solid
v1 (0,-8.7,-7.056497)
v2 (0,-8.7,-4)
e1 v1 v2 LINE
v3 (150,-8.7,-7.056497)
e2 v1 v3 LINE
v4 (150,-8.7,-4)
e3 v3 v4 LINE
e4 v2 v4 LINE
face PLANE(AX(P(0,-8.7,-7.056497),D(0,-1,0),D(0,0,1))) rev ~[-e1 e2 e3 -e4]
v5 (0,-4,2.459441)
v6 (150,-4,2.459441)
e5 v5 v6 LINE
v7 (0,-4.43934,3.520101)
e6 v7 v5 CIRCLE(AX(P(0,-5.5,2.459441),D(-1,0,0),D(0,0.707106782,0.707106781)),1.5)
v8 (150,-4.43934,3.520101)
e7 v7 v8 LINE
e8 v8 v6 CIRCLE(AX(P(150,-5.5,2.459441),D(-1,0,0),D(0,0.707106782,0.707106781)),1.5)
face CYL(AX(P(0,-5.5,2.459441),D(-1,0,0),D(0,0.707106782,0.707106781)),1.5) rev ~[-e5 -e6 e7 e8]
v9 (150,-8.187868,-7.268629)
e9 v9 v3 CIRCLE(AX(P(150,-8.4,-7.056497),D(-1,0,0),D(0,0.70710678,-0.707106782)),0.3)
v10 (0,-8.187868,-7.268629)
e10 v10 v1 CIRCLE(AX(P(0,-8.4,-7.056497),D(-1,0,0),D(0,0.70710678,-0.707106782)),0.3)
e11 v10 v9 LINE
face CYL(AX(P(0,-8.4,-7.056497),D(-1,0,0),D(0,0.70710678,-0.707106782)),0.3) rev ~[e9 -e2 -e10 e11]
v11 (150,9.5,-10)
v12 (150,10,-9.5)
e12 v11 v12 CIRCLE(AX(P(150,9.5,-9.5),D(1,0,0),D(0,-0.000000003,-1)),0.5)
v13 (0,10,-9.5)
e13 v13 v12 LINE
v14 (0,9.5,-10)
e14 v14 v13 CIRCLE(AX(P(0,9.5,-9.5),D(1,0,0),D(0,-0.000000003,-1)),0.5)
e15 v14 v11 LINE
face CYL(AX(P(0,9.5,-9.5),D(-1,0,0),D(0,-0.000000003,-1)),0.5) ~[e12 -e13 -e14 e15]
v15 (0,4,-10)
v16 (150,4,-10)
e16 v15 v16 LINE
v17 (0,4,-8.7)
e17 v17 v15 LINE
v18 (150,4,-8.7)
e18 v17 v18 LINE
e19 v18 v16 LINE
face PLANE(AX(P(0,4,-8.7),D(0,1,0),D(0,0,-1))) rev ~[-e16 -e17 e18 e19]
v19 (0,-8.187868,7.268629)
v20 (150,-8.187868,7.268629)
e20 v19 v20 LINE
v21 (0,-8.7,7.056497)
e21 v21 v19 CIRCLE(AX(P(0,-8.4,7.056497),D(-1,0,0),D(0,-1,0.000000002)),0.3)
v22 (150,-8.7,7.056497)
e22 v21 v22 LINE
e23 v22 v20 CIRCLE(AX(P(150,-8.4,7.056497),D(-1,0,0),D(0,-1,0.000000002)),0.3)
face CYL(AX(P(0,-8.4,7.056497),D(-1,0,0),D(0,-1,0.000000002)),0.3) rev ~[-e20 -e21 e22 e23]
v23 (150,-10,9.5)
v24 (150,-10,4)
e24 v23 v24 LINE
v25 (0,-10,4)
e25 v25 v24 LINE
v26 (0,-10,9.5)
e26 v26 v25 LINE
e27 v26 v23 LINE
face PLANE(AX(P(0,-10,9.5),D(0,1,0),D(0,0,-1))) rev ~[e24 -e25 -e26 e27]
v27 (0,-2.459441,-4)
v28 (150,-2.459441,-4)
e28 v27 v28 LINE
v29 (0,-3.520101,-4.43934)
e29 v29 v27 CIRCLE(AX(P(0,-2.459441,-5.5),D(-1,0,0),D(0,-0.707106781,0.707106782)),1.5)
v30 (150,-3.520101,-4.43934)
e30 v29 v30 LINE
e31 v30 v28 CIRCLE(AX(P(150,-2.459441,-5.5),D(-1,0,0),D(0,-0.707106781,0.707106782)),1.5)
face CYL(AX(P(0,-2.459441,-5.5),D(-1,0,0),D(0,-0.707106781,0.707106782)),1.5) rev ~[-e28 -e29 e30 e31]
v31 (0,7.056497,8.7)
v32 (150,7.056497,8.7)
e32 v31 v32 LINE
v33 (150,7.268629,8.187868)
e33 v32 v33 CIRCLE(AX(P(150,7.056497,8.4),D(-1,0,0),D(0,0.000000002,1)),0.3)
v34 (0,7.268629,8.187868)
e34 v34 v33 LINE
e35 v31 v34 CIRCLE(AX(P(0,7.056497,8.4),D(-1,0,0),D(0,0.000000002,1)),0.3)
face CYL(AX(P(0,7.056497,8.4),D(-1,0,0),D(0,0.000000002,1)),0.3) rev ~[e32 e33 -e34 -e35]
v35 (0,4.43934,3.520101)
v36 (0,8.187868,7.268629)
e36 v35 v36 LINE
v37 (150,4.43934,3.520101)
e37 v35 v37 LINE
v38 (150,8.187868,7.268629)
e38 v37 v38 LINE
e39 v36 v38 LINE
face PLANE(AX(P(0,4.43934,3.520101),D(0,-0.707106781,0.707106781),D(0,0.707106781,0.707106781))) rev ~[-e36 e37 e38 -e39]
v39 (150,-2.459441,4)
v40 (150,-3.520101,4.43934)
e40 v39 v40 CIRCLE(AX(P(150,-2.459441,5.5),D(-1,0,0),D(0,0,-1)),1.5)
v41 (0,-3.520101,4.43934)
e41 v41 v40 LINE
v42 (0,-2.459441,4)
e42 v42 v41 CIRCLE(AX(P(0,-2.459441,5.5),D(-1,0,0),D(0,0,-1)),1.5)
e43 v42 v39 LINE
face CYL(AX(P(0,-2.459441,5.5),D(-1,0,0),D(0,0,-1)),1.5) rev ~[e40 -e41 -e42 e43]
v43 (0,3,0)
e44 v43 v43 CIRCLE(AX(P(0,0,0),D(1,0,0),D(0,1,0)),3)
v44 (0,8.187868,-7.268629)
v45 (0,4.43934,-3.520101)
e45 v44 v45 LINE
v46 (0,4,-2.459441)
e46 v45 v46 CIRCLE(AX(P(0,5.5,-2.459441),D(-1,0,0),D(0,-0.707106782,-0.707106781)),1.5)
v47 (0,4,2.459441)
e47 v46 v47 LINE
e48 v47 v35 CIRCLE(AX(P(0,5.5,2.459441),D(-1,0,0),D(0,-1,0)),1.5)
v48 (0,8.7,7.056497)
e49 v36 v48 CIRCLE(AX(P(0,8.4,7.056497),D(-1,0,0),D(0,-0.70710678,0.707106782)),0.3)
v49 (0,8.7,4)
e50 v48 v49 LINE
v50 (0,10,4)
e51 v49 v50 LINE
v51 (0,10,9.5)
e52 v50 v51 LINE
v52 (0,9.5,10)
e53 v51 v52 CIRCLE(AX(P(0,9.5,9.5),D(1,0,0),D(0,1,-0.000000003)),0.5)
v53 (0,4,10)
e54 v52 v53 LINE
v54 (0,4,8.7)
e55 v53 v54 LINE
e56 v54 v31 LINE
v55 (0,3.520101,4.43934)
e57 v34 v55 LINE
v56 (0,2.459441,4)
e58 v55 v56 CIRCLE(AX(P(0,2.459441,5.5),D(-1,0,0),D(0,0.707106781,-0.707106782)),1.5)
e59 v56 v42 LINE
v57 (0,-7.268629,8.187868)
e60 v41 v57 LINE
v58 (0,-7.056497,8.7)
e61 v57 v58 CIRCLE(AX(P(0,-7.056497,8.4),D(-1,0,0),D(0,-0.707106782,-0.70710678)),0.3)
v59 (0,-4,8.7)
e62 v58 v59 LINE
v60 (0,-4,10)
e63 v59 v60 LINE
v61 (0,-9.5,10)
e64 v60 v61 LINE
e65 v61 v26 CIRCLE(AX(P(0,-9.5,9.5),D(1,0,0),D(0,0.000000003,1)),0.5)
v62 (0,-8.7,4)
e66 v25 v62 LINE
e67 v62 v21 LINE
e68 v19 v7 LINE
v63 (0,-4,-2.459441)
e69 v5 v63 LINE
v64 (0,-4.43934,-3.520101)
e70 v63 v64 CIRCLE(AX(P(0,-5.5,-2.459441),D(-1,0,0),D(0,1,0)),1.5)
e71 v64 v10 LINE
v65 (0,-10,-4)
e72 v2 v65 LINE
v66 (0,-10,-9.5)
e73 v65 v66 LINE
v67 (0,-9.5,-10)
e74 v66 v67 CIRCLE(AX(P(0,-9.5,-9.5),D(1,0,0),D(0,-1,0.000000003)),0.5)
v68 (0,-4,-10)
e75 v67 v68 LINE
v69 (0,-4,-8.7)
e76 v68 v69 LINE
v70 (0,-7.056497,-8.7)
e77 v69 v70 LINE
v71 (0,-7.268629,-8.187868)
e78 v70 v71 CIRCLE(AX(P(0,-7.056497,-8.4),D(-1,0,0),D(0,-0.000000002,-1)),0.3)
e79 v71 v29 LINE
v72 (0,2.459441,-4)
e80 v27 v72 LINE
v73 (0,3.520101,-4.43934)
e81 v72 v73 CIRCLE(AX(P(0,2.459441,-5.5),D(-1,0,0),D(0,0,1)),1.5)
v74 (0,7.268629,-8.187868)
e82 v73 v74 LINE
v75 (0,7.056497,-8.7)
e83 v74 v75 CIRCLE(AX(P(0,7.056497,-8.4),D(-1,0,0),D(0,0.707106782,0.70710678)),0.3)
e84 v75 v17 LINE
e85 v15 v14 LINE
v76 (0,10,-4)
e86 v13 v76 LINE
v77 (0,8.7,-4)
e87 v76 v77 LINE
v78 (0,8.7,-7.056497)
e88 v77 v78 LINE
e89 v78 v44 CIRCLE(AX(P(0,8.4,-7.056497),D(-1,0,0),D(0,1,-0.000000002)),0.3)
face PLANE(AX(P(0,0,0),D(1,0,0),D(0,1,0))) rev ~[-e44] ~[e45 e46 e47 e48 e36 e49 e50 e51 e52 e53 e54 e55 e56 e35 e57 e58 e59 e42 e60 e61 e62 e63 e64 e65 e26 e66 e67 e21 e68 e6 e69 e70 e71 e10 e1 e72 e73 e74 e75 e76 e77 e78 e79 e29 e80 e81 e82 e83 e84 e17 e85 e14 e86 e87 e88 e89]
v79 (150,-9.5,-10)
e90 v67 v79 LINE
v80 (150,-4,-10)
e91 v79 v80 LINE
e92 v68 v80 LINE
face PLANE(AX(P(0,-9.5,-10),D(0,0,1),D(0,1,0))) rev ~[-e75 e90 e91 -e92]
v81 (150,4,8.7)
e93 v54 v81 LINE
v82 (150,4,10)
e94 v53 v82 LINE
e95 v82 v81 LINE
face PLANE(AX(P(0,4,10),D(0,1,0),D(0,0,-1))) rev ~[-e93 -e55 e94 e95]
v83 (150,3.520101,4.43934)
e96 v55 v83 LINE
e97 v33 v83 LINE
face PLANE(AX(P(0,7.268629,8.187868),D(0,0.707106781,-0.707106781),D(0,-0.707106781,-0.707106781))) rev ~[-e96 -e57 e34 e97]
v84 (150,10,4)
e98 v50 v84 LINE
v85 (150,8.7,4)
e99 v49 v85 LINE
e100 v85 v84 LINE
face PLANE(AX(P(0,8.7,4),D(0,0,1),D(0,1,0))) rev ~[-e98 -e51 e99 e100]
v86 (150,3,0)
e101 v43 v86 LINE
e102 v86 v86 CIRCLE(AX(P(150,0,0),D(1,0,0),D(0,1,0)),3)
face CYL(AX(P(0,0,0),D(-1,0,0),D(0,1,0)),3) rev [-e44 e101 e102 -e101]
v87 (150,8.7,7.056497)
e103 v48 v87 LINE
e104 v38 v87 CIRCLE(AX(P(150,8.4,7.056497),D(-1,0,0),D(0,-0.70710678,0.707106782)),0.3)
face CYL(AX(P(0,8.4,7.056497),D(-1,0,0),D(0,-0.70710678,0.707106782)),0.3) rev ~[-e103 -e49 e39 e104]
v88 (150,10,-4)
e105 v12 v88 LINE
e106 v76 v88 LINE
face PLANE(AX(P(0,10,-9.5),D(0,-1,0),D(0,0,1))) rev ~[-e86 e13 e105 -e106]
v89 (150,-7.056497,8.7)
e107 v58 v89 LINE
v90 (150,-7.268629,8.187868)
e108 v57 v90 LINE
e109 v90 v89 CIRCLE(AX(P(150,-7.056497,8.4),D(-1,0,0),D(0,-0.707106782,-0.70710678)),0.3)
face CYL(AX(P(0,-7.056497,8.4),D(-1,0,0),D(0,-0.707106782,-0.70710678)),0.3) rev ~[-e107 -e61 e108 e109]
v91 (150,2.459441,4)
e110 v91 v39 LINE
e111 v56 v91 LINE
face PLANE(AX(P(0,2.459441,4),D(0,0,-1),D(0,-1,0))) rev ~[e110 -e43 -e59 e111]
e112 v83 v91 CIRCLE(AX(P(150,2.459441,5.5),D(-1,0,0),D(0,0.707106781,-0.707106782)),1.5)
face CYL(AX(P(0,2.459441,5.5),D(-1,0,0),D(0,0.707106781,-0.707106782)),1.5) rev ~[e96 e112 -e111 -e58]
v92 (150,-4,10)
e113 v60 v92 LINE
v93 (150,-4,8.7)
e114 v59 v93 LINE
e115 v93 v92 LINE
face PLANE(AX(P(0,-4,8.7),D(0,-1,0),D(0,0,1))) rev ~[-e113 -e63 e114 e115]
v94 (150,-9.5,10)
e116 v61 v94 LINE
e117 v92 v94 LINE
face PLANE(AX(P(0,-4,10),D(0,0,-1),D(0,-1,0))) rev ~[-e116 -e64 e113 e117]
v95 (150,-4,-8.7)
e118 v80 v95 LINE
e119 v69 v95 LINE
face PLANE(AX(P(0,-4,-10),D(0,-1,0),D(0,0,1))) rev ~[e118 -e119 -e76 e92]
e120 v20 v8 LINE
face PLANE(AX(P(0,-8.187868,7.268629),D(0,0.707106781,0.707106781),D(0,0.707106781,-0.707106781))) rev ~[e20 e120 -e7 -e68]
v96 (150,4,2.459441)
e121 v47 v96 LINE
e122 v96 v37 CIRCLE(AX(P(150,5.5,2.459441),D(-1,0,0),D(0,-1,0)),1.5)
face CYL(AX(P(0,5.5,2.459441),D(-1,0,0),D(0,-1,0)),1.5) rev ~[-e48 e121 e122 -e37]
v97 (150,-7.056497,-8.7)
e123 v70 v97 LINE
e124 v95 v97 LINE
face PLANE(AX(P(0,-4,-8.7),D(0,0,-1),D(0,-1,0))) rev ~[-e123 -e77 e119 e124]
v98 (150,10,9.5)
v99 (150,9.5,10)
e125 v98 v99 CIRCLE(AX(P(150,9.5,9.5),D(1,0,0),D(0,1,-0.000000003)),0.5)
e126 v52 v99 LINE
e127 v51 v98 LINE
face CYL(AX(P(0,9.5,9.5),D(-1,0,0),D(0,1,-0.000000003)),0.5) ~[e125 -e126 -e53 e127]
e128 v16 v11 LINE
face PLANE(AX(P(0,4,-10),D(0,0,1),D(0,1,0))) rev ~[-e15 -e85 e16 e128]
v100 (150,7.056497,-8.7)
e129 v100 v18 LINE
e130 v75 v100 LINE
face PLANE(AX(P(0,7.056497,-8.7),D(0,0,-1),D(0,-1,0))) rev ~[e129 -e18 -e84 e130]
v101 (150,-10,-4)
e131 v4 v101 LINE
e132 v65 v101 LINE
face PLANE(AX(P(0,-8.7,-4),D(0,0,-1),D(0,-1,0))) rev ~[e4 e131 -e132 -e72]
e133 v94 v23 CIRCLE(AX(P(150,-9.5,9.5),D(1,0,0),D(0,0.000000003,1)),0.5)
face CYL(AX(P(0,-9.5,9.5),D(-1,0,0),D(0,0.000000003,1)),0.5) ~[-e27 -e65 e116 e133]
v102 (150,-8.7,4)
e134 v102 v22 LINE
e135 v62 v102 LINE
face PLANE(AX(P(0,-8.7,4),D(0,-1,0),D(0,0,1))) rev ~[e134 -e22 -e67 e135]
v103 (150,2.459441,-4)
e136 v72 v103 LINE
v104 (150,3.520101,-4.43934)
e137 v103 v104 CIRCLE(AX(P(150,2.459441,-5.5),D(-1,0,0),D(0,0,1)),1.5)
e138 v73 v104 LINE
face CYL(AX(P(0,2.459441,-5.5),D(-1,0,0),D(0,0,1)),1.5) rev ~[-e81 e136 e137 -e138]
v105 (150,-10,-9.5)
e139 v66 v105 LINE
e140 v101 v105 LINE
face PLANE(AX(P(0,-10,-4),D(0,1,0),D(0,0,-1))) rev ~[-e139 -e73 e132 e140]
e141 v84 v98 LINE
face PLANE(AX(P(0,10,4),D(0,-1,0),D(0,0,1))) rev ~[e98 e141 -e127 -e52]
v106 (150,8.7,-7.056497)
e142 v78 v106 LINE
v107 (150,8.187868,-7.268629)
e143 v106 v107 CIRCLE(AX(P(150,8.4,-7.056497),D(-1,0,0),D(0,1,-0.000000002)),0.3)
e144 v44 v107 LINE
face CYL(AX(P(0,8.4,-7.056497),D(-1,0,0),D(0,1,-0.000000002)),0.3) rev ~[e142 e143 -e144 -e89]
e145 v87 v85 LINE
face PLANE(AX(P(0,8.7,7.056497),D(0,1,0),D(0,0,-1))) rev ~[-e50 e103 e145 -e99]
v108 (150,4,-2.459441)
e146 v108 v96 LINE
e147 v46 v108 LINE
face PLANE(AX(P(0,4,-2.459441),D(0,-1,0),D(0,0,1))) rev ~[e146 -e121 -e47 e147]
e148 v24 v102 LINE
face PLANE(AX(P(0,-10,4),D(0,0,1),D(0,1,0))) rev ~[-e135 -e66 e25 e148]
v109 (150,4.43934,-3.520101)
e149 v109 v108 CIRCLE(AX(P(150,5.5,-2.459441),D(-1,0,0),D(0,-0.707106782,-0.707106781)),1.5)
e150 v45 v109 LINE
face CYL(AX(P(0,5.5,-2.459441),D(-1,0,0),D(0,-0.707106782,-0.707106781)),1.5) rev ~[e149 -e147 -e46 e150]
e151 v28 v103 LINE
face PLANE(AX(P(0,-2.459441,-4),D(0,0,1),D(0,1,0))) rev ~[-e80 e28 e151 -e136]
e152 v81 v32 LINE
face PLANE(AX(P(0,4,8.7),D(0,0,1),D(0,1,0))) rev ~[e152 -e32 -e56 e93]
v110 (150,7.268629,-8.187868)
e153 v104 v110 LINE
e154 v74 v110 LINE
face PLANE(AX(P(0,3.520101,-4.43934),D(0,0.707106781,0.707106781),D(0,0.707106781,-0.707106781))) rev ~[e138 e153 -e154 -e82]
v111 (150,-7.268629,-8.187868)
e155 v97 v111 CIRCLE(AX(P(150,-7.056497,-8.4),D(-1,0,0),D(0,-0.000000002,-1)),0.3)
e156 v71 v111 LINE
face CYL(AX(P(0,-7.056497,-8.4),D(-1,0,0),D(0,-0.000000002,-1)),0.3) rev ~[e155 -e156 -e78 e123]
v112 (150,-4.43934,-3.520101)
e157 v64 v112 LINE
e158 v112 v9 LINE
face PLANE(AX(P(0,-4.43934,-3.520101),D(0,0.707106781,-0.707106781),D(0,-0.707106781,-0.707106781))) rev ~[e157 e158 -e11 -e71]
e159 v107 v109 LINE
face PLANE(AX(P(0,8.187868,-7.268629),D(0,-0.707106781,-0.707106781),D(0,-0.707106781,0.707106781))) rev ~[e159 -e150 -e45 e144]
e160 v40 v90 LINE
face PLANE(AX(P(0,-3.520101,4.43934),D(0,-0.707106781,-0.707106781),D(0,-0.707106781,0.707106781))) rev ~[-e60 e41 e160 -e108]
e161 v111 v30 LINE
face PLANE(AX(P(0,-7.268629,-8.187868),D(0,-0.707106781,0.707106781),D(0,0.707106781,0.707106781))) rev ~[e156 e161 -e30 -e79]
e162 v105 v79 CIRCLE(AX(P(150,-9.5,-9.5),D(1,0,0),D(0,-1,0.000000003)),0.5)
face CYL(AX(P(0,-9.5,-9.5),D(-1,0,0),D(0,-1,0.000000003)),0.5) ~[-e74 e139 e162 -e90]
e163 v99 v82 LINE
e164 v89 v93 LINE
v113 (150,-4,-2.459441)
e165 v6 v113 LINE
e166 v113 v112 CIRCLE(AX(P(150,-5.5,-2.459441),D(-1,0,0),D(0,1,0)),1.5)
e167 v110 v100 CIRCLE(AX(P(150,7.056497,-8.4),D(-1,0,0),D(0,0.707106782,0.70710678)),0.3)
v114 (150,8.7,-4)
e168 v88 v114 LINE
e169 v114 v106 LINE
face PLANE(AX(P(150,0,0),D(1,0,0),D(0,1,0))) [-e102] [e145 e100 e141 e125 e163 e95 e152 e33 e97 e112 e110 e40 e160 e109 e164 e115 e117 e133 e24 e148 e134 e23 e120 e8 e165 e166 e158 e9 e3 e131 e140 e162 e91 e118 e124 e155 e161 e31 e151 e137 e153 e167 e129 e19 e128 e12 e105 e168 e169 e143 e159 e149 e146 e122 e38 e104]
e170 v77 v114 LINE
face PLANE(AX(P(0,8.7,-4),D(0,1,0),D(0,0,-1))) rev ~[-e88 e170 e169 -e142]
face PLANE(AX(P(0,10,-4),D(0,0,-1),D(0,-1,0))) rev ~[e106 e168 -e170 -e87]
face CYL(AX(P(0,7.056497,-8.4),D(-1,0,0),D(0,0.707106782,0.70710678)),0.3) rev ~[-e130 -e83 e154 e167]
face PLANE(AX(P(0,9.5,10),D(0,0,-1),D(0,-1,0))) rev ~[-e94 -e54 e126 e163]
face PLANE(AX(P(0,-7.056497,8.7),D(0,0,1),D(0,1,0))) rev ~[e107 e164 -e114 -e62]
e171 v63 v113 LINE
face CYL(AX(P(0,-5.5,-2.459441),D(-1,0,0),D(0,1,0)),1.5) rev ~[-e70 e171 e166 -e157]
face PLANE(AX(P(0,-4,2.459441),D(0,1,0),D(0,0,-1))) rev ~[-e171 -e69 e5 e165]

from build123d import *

# Parameters (mm, degrees)
SKETCH1_R                                   = 3
QUADRADO_PF20_01_PERFIL_2020_B_SICO_1_DEPTH = 150


with BuildPart() as part:
    # Sketch1 → Quadrado PF20-01 - PERFIL 2020 BÁSICO(1) (new body)
    with BuildSketch(Plane.YZ):
        with BuildLine():
            Line((8.187867966, -7.26862915), (4.439339828, -3.520101013))
            ThreePointArc((4.439339828, -3.520101013), (4.114180701, -3.033465989), (4, -2.459440841))
            Line((4, -2.459440841), (4, 2.459440841))
            ThreePointArc((4, 2.459440841), (4.114180701, 3.033465989), (4.439339828, 3.520101013))
            Line((4.439339828, 3.520101013), (8.187867966, 7.26862915))
            ThreePointArc((8.187867966, 7.26862915), (8.51480503, 7.333660975), (8.7, 7.056497116))
            Line((8.7, 7.056497116), (8.7, 4))
            Line((8.7, 4), (10, 4))
            Line((10, 4), (10, 9.5))
            ThreePointArc((10, 9.5), (9.853553391, 9.853553391), (9.5, 10))
            Line((9.5, 10), (4, 10))
            Line((4, 10), (4, 8.7))
            Line((4, 8.7), (7.056497116, 8.7))
            ThreePointArc((7.056497116, 8.7), (7.333660975, 8.51480503), (7.26862915, 8.187867966))
            Line((7.26862915, 8.187867966), (3.520101013, 4.439339828))
            ThreePointArc((3.520101013, 4.439339828), (3.033465989, 4.114180701), (2.459440841, 4))
            Line((2.459440841, 4), (-2.459440841, 4))
            ThreePointArc((-2.459440841, 4), (-3.033465989, 4.114180701), (-3.520101013, 4.439339828))
            Line((-3.520101013, 4.439339828), (-7.26862915, 8.187867966))
            ThreePointArc((-7.26862915, 8.187867966), (-7.333660975, 8.51480503), (-7.056497116, 8.7))
            Line((-7.056497116, 8.7), (-4, 8.7))
            Line((-4, 8.7), (-4, 10))
            Line((-4, 10), (-9.5, 10))
            ThreePointArc((-9.5, 10), (-9.853553391, 9.853553391), (-10, 9.5))
            Line((-10, 9.5), (-10, 4))
            Line((-10, 4), (-8.7, 4))
            Line((-8.7, 4), (-8.7, 7.056497116))
            ThreePointArc((-8.7, 7.056497116), (-8.51480503, 7.333660975), (-8.187867966, 7.26862915))
            Line((-8.187867966, 7.26862915), (-4.439339828, 3.520101013))
            ThreePointArc((-4.439339828, 3.520101013), (-4.114180701, 3.033465989), (-4, 2.459440841))
            Line((-4, 2.459440841), (-4, -2.459440841))
            ThreePointArc((-4, -2.459440841), (-4.114180701, -3.033465989), (-4.439339828, -3.520101013))
            Line((-4.439339828, -3.520101013), (-8.187867966, -7.26862915))
            ThreePointArc((-8.187867966, -7.26862915), (-8.51480503, -7.333660975), (-8.7, -7.056497116))
            Line((-8.7, -7.056497116), (-8.7, -4))
            Line((-8.7, -4), (-10, -4))
            Line((-10, -4), (-10, -9.5))
            ThreePointArc((-10, -9.5), (-9.853553391, -9.853553391), (-9.5, -10))
            Line((-9.5, -10), (-4, -10))
            Line((-4, -10), (-4, -8.7))
            Line((-4, -8.7), (-7.056497116, -8.7))
            ThreePointArc((-7.056497116, -8.7), (-7.333660975, -8.51480503), (-7.26862915, -8.187867966))
            Line((-7.26862915, -8.187867966), (-3.520101013, -4.439339828))
            ThreePointArc((-3.520101013, -4.439339828), (-3.033465989, -4.114180701), (-2.459440841, -4))
            Line((-2.459440841, -4), (2.459440841, -4))
            ThreePointArc((2.459440841, -4), (3.033465989, -4.114180701), (3.520101013, -4.439339828))
            Line((3.520101013, -4.439339828), (7.26862915, -8.187867966))
            ThreePointArc((7.26862915, -8.187867966), (7.333660975, -8.51480503), (7.056497116, -8.7))
            Line((7.056497116, -8.7), (4, -8.7))
            Line((4, -8.7), (4, -10))
            Line((4, -10), (9.5, -10))
            ThreePointArc((9.5, -10), (9.853553391, -9.853553391), (10, -9.5))
            Line((10, -9.5), (10, -4))
            Line((10, -4), (8.7, -4))
            Line((8.7, -4), (8.7, -7.056497116))
            ThreePointArc((8.7, -7.056497116), (8.51480503, -7.333660975), (8.187867966, -7.26862915))
        make_face()
        Circle(SKETCH1_R, mode=Mode.SUBTRACT)
    extrude(amount=QUADRADO_PF20_01_PERFIL_2020_B_SICO_1_DEPTH)


solid = part.part
